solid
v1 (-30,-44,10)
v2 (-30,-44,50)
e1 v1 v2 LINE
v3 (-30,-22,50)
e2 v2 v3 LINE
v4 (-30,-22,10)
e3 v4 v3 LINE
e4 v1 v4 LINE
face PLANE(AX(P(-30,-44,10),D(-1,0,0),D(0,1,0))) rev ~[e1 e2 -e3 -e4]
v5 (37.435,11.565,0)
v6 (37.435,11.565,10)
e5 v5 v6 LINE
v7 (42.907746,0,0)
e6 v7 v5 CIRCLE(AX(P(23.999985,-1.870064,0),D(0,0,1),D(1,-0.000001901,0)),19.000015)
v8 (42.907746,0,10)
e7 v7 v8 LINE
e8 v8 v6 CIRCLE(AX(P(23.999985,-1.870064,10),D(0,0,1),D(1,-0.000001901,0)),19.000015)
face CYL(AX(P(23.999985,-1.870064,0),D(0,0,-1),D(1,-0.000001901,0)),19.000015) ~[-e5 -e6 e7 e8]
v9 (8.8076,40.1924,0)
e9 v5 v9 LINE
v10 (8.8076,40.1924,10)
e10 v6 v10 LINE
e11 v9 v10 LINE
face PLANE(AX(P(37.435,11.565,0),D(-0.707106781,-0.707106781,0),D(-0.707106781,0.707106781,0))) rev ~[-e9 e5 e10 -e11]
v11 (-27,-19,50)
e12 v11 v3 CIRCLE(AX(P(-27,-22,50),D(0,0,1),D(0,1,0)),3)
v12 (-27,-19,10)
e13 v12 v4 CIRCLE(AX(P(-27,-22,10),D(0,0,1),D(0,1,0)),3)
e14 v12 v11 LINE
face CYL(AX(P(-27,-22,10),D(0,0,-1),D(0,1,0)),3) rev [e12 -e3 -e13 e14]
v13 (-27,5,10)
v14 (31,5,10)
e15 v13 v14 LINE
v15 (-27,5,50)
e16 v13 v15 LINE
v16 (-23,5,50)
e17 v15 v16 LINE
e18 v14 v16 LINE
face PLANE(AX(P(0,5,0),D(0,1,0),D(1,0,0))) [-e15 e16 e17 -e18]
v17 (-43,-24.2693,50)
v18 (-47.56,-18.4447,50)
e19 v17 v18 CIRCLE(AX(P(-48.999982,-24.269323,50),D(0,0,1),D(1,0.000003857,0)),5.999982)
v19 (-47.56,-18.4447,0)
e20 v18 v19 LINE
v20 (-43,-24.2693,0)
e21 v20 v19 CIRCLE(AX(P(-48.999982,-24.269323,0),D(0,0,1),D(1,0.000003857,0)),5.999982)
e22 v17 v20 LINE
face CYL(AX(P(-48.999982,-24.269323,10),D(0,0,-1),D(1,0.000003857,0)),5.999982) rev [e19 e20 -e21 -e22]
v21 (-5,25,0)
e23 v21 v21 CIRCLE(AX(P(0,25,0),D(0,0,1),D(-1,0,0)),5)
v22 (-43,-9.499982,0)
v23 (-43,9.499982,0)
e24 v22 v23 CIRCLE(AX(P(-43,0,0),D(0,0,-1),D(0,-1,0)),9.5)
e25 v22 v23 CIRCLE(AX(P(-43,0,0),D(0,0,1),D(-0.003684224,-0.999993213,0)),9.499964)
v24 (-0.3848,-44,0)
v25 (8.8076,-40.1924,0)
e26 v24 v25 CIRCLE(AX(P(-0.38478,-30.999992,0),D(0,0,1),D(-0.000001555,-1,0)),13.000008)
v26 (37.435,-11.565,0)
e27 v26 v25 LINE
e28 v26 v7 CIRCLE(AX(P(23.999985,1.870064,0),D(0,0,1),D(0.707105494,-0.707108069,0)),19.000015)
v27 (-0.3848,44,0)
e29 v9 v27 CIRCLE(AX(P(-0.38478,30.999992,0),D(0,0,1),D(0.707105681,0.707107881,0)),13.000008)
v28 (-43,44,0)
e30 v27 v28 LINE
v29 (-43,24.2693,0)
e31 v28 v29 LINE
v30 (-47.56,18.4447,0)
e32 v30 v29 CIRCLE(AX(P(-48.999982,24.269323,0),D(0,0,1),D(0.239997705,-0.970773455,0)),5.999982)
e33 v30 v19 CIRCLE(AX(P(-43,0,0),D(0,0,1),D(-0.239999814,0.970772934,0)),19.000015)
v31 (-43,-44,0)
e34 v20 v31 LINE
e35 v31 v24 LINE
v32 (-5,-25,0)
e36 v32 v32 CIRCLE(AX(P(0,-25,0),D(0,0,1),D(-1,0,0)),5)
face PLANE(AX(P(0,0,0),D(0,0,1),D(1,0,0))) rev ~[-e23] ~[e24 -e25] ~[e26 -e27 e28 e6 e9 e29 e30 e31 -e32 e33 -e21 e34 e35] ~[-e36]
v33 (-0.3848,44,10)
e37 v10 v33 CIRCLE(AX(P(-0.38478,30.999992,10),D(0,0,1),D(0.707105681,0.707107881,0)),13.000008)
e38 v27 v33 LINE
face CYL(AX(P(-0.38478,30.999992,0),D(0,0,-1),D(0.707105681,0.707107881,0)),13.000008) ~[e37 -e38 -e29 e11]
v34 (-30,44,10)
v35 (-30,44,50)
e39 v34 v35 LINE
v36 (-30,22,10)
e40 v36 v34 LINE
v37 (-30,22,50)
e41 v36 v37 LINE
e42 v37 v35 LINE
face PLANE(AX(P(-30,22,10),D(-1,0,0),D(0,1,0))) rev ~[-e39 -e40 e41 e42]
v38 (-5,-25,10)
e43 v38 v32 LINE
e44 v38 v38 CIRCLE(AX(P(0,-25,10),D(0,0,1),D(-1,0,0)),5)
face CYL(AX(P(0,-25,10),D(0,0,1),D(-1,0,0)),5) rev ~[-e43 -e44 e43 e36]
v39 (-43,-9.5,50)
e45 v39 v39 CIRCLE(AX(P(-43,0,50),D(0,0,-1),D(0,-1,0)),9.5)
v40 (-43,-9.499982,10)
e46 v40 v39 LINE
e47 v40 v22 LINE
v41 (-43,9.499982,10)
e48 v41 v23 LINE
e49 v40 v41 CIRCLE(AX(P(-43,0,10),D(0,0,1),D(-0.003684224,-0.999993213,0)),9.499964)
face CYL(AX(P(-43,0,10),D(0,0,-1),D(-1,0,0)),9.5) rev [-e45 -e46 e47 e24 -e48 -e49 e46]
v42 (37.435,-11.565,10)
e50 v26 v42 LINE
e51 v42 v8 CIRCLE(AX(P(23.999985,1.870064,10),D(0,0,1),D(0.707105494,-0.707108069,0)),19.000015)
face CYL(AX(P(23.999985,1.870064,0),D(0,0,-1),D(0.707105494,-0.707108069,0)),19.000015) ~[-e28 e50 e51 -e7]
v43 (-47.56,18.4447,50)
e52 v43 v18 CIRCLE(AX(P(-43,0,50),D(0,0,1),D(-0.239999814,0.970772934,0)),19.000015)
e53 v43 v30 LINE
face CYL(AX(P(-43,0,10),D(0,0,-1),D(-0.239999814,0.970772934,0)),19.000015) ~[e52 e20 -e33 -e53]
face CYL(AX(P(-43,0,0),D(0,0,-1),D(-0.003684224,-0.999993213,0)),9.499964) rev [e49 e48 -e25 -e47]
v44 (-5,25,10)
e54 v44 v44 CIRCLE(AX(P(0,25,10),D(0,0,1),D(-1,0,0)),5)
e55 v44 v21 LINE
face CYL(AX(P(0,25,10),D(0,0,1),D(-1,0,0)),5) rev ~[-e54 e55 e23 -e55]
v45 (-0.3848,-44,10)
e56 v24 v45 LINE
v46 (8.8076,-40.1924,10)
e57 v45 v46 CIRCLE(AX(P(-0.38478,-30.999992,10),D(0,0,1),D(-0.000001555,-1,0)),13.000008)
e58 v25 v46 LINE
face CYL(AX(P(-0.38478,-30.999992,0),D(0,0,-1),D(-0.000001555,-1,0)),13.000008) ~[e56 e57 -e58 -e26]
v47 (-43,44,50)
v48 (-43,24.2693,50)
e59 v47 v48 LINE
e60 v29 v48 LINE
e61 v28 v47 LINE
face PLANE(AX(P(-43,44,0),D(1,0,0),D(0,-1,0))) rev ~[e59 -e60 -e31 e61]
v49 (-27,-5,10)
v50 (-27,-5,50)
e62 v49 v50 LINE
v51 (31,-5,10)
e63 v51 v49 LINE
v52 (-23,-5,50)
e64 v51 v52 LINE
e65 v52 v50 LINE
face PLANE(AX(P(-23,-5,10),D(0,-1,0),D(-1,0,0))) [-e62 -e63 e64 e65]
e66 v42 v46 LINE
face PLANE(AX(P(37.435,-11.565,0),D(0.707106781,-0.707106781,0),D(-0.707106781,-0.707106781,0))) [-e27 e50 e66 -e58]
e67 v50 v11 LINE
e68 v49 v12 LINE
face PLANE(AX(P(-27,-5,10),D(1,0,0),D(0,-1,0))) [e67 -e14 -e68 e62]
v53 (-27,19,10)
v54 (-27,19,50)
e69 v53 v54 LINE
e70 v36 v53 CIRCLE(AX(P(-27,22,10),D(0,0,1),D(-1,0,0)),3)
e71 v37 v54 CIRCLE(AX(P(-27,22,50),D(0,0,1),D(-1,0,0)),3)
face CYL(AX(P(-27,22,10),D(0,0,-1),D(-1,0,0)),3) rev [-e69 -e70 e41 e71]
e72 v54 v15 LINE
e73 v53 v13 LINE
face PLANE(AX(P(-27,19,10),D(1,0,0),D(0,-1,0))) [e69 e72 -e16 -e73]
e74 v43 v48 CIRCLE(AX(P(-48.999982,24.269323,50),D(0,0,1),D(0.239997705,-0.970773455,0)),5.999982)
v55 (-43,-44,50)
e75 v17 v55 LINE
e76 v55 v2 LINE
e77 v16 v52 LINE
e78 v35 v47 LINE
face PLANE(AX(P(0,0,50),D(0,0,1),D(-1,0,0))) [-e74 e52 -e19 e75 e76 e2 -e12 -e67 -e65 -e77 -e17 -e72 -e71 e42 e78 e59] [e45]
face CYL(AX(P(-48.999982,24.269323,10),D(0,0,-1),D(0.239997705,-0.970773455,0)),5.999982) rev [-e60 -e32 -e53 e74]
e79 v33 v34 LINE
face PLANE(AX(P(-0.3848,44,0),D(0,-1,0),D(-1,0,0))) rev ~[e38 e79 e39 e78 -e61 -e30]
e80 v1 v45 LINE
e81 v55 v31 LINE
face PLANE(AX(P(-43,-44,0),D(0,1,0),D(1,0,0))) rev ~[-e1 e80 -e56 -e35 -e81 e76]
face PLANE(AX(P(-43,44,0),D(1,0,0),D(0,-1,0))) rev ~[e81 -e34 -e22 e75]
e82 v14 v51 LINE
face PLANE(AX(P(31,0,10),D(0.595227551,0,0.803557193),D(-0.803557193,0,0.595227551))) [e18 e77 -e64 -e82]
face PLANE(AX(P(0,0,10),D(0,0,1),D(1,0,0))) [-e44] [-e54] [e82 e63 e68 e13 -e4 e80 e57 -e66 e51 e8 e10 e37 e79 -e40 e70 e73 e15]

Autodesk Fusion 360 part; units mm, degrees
sketch "Sketch1" plane through (0, 0, 0) normal (0, 0, 1) x (1, 0, 0)
  line L0 (-0.3848, 44) -> (-43, 44)
  line L1 (-43, 44) -> (-43, -44)
  line L2 (-43, -44) -> (-0.3848, -44)
  line L3 (43, 1.8701) -> (43, -1.8701)
  line L4 (37.435, 11.565) -> (8.8076, 40.1924)
  line L5 (37.435, -11.565) -> (8.8076, -40.1924)
  arc A0 (43, -1.8701) -> (37.435, 11.565) centre (24, -1.8701) ccw
  arc A1 (37.435, -11.565) -> (43, 1.8701) centre (24, 1.8701) ccw
  arc A2 (-0.3848, -44) -> (8.8076, -40.1924) centre (-0.3848, -31) ccw
  arc A3 (8.8076, 40.1924) -> (-0.3848, 44) centre (-0.3848, 31) ccw
  point P0 (43, 6)
  point P1 (5, 44)
  point P2 (43, -6)
  point P3 (5, -44)
  dimension "d2" = 88
  dimension "d7" = 19
  dimension "d8" = 19
  dimension "d9" = 13
  dimension "d10" = 13
extrude "Extrude1" add sketch "Sketch1" along normal blind 10 contours L0 L1 L2 L4 L5 A0 A1 A2 A3 makes body 1
sketch "Sketch3" plane through (0, 0, 10) normal (0, 0, 1) x (-1, 0, 0)
  arc A0 (-37.435, 11.565) -> (-42.9077, 0) centre (-24, -1.8701) ccw
  arc A1 (-42.9077, 0) -> (-37.435, -11.565) centre (-24, 1.8701) ccw
  line L0 (-37.435, -11.565) -> (-8.8076, -40.1924)
  arc A2 (-8.8076, -40.1924) -> (0.3848, -44) centre (0.3848, -31) ccw
  line L1 (0.3848, -44) -> (43, -44)
  line L2 (43, -44) -> (43, 44)
  line L3 (43, 44) -> (0.3848, 44)
  arc A3 (0.3848, 44) -> (-8.8076, 40.1924) centre (0.3848, 31) ccw
  line L4 (-8.8076, 40.1924) -> (-37.435, 11.565)
  line L5 (43, 44) -> (30, 44)
  line L6 (30, -44) -> (43, -44)
  line L7 (27, -19) -> (27, -19)
  line L8 (27, 19) -> (27, 19)
  line L9 (30, -22) -> (30, -44)
  line L10 (30, 44) -> (30, 22)
  arc A4 (30, -22) -> (27, -19) centre (27, -22) ccw
  arc A5 (27, 19) -> (30, 22) centre (27, 22) ccw
  circle A6 centre (43, 0) radius 9.5
  line L11 (43, -44) -> (43, -24.2693)
  line L12 (43, 24.2693) -> (43, 44)
  arc A7 (47.56, -18.4447) -> (47.56, 18.4447) centre (43, 0) ccw
  arc A8 (43, 24.2693) -> (47.56, 18.4447) centre (49, 24.2693) ccw
  arc A9 (47.56, -18.4447) -> (43, -24.2693) centre (49, -24.2693) ccw
  line L13 (27, -5) -> (23, -5)
  line L14 (23, -5) -> (23, 5)
  line L15 (23, 5) -> (27, 5)
  line L16 (27, -19) -> (27, -5)
  line L17 (27, 5) -> (27, 19)
  dimension "d18" = 13
  dimension "d19" = 88
  dimension "d23" = 3
  dimension "d24" = 3
  dimension "d25" = 38
  dimension "d27" = 6
  dimension "d28" = 6
  dimension "d29" = 4
  dimension "d30" = 10
  dimension "d31" = 39
extrude "Extrude2" add sketch "Sketch3" along normal blind 40 separate body contours L1 L2 L3 L5 L6 L9 L10 A4 A5 A6 L11 L12 L13 L14 L15 L16 L17 makes body 2
extrude "Extrude3" add sketch "Sketch3" along normal blind 40 and the other way blind 10 contours L2 A6 A7 A8 A9 bodies 2
sketch "Sketch4" plane through (0, 0, 0) normal (0, 0, 1) x (1, 0, 0)
  line L0 (-43.035, -9.4999) -> (-43.035, 9.4999)
  arc A0 (-43.035, -9.4999) -> (-43.035, 9.4999) centre (-43, 0) ccw
  dimension "d38" = 19
extrude "Extrude4" cut sketch "Sketch4" along normal blind 10 bodies 1
sketch "Sketch5" plane through (0, 0, 0) normal (0, 1, 0) x (1, 0, 0)
  line L0 (-23, -10) -> (31, -10)
  line L1 (31, -10) -> (-23, -50)
  line L2 (-23, -50) -> (-23, -10)
extrude "Extrude5" add sketch "Sketch5" along normal mid plane 10 bodies 1 2
sketch "Sketch6" plane through (0, 0, 10) normal (0, 0, 1) x (-1, 0, 0)
  line L0 (-31, 5) -> (27, 5)
  line L1 (27, 5) -> (27, 19)
  arc A0 (27, 19) -> (30, 22) centre (27, 22) ccw
  line L2 (30, 22) -> (30, 44)
  line L3 (30, 44) -> (0.3848, 44)
  arc A1 (0.3848, 44) -> (-8.8076, 40.1924) centre (0.3848, 31) ccw
  line L4 (-8.8076, 40.1924) -> (-37.435, 11.565)
  arc A2 (-37.435, 11.565) -> (-42.9077, 0) centre (-24, -1.8701) ccw
  arc A3 (-42.9077, 0) -> (-37.435, -11.565) centre (-24, 1.8701) ccw
  line L5 (-37.435, -11.565) -> (-8.8076, -40.1924)
  arc A4 (-8.8076, -40.1924) -> (0.3848, -44) centre (0.3848, -31) ccw
  line L6 (0.3848, -44) -> (30, -44)
  line L7 (30, -44) -> (30, -22)
  arc A5 (30, -22) -> (27, -19) centre (27, -22) ccw
  line L8 (27, -19) -> (27, -5)
  line L9 (27, -5) -> (-31, -5)
  line L10 (-31, -5) -> (-31, 5)
  circle A6 centre (0, 25) radius 5
  circle A7 centre (0, -25) radius 5
  dimension "d43" = 10
  dimension "d44" = 20
  dimension "d45" = 10
extrude "Extrude6" cut sketch "Sketch6" against normal blind 10 contours A6 | A7 bodies 1
equation "d31 = 20 mm + 19 mm"
